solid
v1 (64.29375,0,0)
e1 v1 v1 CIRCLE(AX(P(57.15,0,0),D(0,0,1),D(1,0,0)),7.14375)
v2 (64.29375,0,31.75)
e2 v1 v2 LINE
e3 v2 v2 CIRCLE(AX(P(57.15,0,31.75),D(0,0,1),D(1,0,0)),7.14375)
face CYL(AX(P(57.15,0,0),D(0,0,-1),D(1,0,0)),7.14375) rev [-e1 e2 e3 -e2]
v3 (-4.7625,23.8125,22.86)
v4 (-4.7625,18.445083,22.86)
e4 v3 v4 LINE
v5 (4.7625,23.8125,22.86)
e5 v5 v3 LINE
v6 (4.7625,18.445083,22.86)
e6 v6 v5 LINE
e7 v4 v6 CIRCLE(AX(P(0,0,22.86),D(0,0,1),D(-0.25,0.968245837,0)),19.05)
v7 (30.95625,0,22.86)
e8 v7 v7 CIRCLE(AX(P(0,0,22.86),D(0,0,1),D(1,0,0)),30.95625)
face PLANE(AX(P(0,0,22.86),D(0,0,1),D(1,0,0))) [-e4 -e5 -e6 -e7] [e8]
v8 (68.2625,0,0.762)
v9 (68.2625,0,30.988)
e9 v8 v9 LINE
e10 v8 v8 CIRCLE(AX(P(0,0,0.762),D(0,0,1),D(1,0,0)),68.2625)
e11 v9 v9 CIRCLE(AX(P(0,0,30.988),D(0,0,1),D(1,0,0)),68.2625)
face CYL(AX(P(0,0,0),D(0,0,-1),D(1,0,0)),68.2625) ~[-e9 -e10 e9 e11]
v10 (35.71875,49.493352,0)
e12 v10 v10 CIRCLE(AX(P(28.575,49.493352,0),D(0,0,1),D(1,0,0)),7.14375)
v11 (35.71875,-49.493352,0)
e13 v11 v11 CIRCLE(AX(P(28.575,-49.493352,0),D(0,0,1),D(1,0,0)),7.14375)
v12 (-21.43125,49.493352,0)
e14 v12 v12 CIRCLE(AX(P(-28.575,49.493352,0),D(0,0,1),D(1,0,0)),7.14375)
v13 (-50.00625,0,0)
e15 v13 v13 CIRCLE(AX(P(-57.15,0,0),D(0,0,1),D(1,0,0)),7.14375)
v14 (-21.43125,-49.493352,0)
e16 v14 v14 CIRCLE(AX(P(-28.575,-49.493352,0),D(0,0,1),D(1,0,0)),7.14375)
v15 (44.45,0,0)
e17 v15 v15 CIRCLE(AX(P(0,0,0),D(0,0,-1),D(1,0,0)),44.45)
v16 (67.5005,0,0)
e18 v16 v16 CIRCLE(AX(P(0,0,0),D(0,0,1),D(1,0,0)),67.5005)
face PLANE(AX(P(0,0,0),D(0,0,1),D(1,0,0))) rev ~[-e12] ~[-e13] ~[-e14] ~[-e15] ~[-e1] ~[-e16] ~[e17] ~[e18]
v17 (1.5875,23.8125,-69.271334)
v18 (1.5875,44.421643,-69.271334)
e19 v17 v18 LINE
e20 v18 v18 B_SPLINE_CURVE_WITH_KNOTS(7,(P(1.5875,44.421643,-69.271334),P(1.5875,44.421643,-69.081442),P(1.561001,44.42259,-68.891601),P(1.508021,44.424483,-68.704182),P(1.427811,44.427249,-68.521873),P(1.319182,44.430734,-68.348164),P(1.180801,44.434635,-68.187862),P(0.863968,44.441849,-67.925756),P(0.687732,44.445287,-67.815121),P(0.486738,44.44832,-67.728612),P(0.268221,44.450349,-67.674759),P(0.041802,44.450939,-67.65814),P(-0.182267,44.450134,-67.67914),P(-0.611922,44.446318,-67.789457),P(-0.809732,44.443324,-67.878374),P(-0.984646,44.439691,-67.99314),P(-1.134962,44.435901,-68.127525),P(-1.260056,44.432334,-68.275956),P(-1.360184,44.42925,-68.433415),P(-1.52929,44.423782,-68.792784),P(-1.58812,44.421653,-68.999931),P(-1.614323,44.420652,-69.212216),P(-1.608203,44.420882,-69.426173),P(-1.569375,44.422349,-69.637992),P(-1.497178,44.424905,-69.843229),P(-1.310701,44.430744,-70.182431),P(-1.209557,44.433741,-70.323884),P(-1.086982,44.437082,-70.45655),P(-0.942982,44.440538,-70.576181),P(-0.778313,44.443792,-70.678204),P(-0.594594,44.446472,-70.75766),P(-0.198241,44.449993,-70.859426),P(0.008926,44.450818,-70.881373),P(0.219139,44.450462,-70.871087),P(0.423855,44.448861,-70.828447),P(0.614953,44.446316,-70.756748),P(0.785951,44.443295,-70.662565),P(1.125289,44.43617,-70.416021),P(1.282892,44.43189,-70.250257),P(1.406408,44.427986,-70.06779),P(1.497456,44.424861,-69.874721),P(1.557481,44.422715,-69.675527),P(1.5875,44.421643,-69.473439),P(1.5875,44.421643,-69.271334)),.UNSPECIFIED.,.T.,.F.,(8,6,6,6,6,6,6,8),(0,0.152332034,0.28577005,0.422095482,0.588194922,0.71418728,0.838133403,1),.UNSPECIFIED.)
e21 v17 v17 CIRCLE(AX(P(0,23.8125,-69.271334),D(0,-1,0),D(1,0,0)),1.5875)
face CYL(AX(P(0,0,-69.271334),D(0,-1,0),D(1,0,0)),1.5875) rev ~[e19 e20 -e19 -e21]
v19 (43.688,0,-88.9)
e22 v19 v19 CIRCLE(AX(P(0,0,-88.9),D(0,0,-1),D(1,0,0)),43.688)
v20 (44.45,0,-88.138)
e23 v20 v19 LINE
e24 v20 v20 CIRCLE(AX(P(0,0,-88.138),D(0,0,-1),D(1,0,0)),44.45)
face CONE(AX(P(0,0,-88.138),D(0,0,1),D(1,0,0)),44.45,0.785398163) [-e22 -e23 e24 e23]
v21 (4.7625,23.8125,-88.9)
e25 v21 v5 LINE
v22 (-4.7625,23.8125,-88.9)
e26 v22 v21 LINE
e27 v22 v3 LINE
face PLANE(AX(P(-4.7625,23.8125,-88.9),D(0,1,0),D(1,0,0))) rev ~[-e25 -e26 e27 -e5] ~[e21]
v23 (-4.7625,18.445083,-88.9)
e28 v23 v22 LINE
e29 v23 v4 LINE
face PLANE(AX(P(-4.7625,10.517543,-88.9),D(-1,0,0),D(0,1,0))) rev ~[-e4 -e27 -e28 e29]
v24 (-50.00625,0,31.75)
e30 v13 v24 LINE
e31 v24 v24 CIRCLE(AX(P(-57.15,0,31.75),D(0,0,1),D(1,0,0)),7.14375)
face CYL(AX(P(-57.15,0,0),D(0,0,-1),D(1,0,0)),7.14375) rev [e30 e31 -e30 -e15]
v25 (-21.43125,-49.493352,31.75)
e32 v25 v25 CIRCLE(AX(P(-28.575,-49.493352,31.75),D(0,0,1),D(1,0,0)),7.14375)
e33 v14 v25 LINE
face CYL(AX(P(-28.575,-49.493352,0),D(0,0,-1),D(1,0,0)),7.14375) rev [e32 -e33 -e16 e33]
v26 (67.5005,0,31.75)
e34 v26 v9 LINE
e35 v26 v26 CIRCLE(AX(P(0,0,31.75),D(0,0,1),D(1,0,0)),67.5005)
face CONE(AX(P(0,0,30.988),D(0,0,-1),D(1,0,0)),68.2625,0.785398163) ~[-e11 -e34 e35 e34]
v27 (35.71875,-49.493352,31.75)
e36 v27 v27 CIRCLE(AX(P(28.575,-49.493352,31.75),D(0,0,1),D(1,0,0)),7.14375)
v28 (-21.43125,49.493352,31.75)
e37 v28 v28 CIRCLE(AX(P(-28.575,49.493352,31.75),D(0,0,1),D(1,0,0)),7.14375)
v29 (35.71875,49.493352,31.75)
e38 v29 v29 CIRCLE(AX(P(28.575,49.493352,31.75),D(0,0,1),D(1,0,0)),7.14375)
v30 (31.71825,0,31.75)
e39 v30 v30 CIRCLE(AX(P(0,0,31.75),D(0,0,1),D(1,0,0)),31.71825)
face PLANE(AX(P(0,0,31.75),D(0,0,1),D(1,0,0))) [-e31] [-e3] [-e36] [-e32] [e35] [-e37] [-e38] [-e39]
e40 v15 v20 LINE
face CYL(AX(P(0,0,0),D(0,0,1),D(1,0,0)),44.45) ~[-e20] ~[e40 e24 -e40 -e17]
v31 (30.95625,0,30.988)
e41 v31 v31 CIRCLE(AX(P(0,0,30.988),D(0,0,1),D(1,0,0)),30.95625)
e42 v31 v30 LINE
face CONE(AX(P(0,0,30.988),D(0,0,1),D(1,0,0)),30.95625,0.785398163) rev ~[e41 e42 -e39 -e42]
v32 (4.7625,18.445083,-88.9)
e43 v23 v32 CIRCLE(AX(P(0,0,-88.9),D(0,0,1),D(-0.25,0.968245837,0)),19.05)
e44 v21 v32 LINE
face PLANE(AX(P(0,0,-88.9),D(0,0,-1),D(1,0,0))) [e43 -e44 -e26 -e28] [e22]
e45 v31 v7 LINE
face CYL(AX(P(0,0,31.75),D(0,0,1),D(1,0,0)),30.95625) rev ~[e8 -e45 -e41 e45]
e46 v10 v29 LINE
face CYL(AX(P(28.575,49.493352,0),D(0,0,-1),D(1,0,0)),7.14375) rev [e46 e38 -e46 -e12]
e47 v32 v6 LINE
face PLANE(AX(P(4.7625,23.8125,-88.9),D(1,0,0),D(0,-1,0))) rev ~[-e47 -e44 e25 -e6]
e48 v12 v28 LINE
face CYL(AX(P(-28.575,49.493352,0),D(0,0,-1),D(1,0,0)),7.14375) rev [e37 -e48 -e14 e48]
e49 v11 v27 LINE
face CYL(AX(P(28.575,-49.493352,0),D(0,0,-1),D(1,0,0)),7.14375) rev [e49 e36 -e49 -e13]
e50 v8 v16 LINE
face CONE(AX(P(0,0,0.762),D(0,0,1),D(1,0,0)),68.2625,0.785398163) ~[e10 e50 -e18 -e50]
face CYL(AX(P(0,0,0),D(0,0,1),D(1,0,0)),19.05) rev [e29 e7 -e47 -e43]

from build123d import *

# Parameters (mm, degrees)
F0_R      = 68.2625
F0_R_2    = 7.14375
F0_R_3    = 19.05
F1_DEPTH  = 31.75
F2_R      = 30.95625
F3_DEPTH  = 8.89
F4_R      = 44.45
F4_R_2    = 19.05
F5_DEPTH  = 88.9
F7_DEPTH  = 120.651
F8_SIZE   = 0.762
F9_R      = 1.5875
F10_DEPTH = 76.2


with BuildPart() as f1:
    # F0 (on Top) → F1 (new body)
    with BuildSketch(Plane.XY):
        Circle(F0_R)
        with Locations((-28.575, -49.493352)):
            Circle(F0_R_2, mode=Mode.SUBTRACT)
        with Locations((28.575, -49.493352)):
            Circle(F0_R_2, mode=Mode.SUBTRACT)
        with Locations((-57.15, 0)):
            Circle(F0_R_2, mode=Mode.SUBTRACT)
        with Locations((-28.575, 49.493352)):
            Circle(F0_R_2, mode=Mode.SUBTRACT)
        Circle(F0_R_3, mode=Mode.SUBTRACT)
        with Locations((57.15, 0)):
            Circle(F0_R_2, mode=Mode.SUBTRACT)
        with Locations((28.575, 49.493352)):
            Circle(F0_R_2, mode=Mode.SUBTRACT)
    extrude(amount=F1_DEPTH)

    # F2 (on face) → F3 (cut)
    with BuildSketch(Plane.XY.offset(31.75)):
        Circle(F2_R)
    extrude(amount=-F3_DEPTH, mode=Mode.SUBTRACT)

    # F4 (on face) → F5 (join)
    with BuildSketch(Plane(origin=(0, 0, 0), x_dir=(1, 0, 0), z_dir=(0, 0, -1))):
        Circle(F4_R)
        Circle(F4_R_2, mode=Mode.SUBTRACT)
    extrude(amount=F5_DEPTH)

    # F6 (on face) → F7 (cut, through all)
    with BuildSketch(Plane(origin=(0, 0, -88.9), x_dir=(1, 0, 0), z_dir=(0, 0, -1))):
        Polygon((4.7625, -10.517543), (0, -10.517543), (0, -19.05), (0, -23.8125), (4.7625, -23.8125), align=None)
        Polygon((0, -19.05), (0, -10.517543), (-4.7625, -10.517543), (-4.7625, -23.8125), (0, -23.8125), align=None)
    extrude(amount=-F7_DEPTH, mode=Mode.SUBTRACT)

    # F8
    f8_edges = [f1.edges().sort_by_distance(p)[0] for p in [
        (-68.2625, 0, 31.75),
        (-68.2625, 0, 0),
        (-30.95625, 0, 31.75),
        (-44.45, 0, -88.9),
    ]]
    chamfer(f8_edges, length=F8_SIZE)

    # F9 (on Front) → F10 (cut)
    with BuildSketch(Plane.XZ):
        with Locations((0, -69.271334)):
            Circle(F9_R)
    extrude(amount=-F10_DEPTH, mode=Mode.SUBTRACT)


solid = f1.part
